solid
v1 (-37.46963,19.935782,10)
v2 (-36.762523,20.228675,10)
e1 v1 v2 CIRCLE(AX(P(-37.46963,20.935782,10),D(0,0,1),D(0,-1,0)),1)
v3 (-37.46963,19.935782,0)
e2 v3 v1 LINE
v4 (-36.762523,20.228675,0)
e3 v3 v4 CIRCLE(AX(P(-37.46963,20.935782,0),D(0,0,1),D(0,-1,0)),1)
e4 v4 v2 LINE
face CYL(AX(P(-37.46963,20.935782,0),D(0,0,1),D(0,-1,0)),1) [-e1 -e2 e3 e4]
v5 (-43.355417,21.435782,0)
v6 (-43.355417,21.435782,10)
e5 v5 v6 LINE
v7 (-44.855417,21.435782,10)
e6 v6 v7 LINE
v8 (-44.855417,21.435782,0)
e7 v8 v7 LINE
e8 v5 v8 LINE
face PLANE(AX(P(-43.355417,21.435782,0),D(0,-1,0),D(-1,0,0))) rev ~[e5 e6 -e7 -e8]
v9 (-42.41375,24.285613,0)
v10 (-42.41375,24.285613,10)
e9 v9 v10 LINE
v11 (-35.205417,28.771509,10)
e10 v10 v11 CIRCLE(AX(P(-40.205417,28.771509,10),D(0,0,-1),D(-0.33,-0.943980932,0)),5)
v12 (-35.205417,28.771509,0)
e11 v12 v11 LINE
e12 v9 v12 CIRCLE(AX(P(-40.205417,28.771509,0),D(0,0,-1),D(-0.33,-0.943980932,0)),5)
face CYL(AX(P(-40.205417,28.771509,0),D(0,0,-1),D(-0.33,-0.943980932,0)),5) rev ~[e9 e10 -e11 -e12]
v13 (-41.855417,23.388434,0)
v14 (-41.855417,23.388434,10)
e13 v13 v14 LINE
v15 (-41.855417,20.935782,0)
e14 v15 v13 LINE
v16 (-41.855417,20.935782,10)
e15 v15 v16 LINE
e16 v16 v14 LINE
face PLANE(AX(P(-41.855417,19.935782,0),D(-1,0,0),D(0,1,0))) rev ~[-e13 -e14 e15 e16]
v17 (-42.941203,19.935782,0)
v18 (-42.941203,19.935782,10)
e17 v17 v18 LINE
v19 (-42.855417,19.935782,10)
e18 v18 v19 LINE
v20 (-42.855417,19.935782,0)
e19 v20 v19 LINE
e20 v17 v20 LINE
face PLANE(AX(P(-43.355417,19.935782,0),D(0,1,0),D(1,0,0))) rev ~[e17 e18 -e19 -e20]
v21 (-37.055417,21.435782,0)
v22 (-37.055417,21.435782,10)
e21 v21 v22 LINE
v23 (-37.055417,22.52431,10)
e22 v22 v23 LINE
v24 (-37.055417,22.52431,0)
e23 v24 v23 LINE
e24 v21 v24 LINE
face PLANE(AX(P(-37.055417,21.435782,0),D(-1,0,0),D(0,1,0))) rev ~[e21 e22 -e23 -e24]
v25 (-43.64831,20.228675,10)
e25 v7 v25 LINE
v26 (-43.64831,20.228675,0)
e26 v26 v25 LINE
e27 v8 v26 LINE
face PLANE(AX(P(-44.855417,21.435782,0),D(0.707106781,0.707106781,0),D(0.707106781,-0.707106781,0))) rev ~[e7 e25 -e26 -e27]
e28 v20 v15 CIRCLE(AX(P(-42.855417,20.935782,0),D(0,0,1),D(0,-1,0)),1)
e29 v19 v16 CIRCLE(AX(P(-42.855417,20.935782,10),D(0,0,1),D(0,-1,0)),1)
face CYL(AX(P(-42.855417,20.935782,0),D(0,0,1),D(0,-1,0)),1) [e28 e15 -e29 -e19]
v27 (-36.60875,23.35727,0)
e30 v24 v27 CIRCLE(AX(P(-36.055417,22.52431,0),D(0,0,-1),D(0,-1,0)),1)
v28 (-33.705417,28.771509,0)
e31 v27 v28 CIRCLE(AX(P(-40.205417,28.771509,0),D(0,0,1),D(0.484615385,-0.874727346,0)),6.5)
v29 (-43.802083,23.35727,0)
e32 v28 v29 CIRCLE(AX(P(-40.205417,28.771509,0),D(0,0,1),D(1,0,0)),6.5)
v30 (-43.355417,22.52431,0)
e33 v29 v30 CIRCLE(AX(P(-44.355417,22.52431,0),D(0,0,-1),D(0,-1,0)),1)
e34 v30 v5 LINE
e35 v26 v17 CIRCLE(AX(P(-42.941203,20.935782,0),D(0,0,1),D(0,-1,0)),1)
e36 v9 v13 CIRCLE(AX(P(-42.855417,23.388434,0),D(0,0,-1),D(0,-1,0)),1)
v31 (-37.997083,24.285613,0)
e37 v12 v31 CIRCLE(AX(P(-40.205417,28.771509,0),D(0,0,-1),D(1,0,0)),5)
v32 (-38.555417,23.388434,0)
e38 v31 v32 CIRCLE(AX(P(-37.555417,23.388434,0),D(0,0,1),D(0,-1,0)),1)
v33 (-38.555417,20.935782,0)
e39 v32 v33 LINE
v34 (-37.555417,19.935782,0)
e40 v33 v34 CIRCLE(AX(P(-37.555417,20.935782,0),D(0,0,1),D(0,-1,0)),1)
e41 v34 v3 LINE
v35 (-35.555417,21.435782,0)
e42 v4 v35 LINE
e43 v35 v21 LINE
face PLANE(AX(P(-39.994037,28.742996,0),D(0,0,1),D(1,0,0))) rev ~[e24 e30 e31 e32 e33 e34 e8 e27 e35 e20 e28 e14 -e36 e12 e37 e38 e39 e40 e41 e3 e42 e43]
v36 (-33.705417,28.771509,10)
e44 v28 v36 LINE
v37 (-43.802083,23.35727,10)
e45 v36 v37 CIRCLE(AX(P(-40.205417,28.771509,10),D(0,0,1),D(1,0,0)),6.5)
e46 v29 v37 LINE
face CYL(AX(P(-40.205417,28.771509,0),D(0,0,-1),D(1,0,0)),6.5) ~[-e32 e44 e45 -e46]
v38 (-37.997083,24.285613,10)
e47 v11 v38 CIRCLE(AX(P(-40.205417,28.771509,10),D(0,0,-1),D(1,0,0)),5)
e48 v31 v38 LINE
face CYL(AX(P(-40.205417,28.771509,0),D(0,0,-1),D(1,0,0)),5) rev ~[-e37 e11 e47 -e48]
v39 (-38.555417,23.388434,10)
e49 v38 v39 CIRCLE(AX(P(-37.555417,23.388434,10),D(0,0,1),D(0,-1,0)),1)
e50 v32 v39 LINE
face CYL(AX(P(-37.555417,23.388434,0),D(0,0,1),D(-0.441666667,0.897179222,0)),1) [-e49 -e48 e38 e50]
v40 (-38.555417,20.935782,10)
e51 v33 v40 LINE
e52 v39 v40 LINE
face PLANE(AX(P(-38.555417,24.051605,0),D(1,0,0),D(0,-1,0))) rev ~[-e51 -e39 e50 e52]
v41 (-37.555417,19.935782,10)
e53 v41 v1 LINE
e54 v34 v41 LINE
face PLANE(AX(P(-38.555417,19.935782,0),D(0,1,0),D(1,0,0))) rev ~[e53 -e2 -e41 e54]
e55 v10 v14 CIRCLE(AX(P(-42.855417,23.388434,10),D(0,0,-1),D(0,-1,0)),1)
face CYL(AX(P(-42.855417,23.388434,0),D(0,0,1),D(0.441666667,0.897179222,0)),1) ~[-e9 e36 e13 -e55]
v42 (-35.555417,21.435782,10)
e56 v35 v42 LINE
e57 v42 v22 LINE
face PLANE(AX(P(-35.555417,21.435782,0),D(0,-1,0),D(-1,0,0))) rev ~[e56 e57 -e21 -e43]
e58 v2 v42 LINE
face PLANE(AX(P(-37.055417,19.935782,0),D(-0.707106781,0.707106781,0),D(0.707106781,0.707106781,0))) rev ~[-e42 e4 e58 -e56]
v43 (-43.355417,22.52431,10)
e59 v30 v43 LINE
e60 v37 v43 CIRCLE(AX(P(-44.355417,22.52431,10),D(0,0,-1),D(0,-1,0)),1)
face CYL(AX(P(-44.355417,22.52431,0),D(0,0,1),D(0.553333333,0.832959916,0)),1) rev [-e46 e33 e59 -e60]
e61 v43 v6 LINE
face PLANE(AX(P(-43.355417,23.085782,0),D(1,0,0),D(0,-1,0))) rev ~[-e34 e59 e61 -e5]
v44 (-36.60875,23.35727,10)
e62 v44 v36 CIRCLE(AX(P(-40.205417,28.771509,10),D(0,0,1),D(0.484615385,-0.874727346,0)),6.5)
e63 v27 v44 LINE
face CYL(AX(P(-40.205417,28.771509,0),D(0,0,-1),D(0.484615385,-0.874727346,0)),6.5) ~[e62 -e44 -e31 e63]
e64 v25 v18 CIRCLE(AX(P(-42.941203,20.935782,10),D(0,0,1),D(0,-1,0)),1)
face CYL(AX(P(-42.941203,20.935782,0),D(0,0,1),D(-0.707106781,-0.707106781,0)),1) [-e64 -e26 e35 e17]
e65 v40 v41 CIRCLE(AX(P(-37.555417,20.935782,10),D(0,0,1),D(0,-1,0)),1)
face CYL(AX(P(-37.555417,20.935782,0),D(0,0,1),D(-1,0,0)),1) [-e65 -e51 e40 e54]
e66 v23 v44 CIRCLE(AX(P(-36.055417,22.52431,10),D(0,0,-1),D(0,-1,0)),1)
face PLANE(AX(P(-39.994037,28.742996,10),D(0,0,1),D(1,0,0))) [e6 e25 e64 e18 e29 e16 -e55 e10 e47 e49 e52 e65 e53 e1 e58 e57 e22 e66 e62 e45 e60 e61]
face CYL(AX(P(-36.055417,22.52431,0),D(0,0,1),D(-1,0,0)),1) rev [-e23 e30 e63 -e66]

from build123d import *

# Parameters (mm, degrees)
F1_DEPTH = 10
F2_R     = 1


with BuildPart() as f1:
    # F0 (on Top) → F1 (new body)
    with BuildSketch(Plane.XY):
        with BuildLine():
            ThreePointArc((-41.8554165609, 24.0516047226), (-43.0993757866, 32.8488859903), (-35.2054165609, 28.7715093827))
            ThreePointArc((-35.2054165609, 28.7715093827), (-36.1280399533, 25.877550157), (-38.5554165609, 24.0516047226))
            Line((-38.5554165609, 24.0516047226), (-38.5554165609, 22.4844194358))
            ThreePointArc((-38.5554165609, 22.4844194358), (-37.7866546618, 22.738302037), (-37.0554165609, 23.0857816368))
            ThreePointArc((-37.0554165609, 23.0857816368), (-34.605193351, 25.4718881923), (-33.7054165609, 28.7715093827))
            ThreePointArc((-33.7054165609, 28.7715093827), (-43.5050377512, 34.3717325925), (-43.3554165609, 23.0857816368))
            ThreePointArc((-43.3554165609, 23.0857816368), (-42.6241784599, 22.738302037), (-41.8554165609, 22.4844194358))
            Line((-41.8554165609, 22.4844194358), (-41.8554165609, 24.0516047226))
        make_face()
        with BuildLine():
            ThreePointArc((-37.0554165609, 23.0857816368), (-37.7866546618, 22.738302037), (-38.5554165609, 22.4844194358))
            Line((-38.5554165609, 22.4844194358), (-38.5554165609, 19.9357816368))
            Line((-38.5554165609, 19.9357816368), (-37.0554165609, 19.9357816368))
            Line((-37.0554165609, 19.9357816368), (-37.0554165609, 21.4357816368))
            Line((-37.0554165609, 21.4357816368), (-37.0554165609, 23.0857816368))
        make_face()
        with BuildLine():
            Line((-41.8554165609, 19.9357816368), (-41.8554165609, 22.4844194358))
            ThreePointArc((-41.8554165609, 22.4844194358), (-42.6241784599, 22.738302037), (-43.3554165609, 23.0857816368))
            Line((-43.3554165609, 23.0857816368), (-43.3554165609, 21.4357816368))
            Line((-43.3554165609, 21.4357816368), (-43.3554165609, 19.9357816368))
            Line((-43.3554165609, 19.9357816368), (-41.8554165609, 19.9357816368))
        make_face()
        Polygon((-43.3554165609, 19.9357816368), (-43.3554165609, 21.4357816368), (-44.8554165609, 21.4357816368), align=None)
        Polygon((-35.5554165609, 21.4357816368), (-37.0554165609, 21.4357816368), (-37.0554165609, 19.9357816368), align=None)
    extrude(amount=F1_DEPTH)

    # F2
    f2_edges = [f1.edges().sort_by_distance(p)[0] for p in [
        (-43.355417, 19.935782, 5),
        (-37.055417, 19.935782, 5),
        (-41.855417, 19.935782, 5),
        (-41.855417, 24.051605, 5),
        (-37.055417, 23.085782, 5),
        (-43.355417, 23.085782, 5),
        (-38.555417, 24.051605, 5),
        (-38.555417, 19.935782, 5),
    ]]
    fillet(f2_edges, radius=F2_R)


solid = f1.part
